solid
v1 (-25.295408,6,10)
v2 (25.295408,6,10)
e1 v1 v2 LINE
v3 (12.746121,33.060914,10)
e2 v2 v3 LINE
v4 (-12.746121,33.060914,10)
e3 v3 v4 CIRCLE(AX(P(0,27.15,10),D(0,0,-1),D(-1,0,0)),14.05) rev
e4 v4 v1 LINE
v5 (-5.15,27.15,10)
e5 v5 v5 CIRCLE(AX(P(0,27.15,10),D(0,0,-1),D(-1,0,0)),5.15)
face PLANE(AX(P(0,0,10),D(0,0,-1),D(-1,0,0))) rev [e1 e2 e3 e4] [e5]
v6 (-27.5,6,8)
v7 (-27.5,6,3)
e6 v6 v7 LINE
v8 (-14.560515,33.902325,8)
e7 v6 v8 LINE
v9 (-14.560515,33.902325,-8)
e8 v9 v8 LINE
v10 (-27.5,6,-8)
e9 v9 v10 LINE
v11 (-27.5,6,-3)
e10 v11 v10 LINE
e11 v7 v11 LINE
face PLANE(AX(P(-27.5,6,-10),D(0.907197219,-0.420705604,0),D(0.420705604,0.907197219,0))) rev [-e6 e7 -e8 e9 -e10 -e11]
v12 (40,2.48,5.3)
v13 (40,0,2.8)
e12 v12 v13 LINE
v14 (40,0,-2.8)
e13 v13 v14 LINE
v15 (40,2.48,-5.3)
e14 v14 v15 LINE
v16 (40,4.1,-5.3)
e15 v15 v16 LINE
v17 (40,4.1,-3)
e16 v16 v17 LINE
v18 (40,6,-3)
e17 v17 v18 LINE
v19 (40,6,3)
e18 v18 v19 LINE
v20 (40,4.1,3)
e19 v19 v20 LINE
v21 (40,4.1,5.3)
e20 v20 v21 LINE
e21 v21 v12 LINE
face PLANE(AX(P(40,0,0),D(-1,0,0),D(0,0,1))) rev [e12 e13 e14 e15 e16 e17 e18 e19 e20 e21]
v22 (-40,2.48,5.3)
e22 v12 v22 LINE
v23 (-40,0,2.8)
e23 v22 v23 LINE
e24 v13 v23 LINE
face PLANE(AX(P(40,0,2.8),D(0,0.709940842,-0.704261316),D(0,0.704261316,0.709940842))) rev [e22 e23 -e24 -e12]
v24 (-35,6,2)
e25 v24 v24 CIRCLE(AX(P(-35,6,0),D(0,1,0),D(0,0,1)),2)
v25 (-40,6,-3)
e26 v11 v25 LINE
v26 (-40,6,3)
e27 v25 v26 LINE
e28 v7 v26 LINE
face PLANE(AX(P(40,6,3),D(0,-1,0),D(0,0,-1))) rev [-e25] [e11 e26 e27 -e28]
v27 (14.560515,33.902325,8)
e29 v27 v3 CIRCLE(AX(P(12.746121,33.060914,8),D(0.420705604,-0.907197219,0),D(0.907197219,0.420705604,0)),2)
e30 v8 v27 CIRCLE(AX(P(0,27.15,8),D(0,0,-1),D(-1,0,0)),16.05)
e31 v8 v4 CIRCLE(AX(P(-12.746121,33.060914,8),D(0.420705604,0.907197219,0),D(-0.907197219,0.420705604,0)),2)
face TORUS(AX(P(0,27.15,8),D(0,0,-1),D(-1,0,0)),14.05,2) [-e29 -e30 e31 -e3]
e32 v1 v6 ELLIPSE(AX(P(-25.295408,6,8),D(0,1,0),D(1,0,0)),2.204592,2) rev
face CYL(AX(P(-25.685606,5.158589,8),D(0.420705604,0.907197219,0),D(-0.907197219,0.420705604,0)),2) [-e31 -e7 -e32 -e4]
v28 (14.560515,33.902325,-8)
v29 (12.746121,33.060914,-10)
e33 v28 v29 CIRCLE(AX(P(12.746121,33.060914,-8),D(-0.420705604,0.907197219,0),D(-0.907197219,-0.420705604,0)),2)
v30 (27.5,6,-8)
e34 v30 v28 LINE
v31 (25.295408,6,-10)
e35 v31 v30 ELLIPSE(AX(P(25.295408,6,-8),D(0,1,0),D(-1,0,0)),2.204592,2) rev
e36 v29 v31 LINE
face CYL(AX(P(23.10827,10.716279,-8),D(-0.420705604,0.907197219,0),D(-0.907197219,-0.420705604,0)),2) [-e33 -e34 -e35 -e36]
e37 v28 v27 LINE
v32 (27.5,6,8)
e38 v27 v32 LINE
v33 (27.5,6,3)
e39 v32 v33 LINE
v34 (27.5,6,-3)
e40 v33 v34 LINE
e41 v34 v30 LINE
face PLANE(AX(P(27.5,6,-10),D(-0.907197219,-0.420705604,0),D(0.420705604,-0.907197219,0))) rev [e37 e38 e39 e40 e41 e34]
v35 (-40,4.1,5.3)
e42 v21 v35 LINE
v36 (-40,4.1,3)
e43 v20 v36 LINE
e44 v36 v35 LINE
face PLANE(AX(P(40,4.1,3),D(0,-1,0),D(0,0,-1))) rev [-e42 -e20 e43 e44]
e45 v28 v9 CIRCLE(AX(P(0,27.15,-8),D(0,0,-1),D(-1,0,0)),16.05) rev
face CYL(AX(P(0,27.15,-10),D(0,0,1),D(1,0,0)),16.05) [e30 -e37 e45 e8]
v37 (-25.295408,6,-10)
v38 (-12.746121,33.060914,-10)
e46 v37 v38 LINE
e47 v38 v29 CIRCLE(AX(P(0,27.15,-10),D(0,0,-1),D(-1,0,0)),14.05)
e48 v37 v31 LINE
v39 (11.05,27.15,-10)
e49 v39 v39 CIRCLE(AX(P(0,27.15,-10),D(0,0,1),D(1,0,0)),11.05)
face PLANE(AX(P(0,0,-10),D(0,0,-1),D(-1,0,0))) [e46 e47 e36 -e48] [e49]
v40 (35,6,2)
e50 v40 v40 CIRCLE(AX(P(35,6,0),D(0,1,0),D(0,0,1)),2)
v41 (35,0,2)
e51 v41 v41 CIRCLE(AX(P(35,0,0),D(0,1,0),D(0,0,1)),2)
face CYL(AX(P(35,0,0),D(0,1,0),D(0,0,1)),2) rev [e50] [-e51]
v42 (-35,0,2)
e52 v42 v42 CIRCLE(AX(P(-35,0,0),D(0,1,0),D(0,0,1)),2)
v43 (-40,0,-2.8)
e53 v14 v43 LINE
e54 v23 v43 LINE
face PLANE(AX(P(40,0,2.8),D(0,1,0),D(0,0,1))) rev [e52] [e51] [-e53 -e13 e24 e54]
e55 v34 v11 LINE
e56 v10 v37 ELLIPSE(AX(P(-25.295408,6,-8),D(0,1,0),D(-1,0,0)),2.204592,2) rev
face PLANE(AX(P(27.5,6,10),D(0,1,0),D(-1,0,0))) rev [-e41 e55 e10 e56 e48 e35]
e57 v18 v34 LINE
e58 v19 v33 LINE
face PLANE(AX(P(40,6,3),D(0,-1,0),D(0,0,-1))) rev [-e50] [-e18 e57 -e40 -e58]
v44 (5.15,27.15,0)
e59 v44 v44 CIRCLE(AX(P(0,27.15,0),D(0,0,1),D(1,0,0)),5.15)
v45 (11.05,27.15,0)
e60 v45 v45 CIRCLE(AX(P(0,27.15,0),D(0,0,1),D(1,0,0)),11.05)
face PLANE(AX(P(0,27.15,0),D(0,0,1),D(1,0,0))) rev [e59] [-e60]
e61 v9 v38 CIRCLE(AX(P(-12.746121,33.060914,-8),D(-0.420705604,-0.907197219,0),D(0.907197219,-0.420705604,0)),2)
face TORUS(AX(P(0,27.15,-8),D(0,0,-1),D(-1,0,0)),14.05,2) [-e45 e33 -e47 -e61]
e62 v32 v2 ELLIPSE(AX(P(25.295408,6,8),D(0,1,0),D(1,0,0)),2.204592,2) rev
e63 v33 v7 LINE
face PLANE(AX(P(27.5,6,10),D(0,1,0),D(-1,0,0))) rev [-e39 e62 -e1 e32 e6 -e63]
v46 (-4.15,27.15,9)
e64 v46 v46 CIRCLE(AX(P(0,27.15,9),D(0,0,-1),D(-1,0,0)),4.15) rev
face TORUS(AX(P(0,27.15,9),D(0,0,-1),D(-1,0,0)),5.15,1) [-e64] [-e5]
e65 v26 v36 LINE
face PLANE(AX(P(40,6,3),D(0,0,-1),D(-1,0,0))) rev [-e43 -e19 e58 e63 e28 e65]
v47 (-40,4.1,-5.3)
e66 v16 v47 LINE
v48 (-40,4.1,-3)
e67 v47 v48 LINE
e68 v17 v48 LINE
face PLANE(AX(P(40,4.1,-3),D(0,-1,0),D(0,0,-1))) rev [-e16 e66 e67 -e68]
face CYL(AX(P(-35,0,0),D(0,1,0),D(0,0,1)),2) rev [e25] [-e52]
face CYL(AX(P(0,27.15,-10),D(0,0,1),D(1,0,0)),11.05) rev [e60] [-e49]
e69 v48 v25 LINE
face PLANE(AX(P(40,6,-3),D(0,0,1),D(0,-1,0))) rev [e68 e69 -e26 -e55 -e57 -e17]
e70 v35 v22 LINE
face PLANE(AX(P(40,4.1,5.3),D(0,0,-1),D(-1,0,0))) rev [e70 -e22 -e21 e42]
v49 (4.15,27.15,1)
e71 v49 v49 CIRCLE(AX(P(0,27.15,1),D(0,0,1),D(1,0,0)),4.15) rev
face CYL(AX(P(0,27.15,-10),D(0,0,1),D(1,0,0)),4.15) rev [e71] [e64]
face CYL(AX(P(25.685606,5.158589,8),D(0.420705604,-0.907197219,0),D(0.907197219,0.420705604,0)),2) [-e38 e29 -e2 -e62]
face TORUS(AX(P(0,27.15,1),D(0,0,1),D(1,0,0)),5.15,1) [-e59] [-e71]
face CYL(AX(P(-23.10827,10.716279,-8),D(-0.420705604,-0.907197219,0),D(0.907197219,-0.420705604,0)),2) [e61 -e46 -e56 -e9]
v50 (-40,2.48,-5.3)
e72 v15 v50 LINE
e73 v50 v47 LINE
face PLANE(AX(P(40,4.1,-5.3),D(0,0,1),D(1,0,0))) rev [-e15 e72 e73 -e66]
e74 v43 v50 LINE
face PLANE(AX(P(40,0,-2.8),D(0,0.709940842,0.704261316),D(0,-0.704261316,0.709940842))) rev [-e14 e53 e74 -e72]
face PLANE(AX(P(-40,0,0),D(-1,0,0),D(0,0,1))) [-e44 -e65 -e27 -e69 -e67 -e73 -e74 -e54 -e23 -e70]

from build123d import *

# Parameters (mm, degrees)
BOSS_EXTRUDE1_DEPTH     = 40
SKETCH2_W               = 55
SKETCH2_H               = 44
BOSS_EXTRUDE2_DEPTH     = 10
CUT_EXTRUDE2_DEPTH      = 65.807406984
CUT_EXTRUDE2_DEPTH_BACK = 65.807406984
SKETCH3_R               = 4.15
CUT_EXTRUDE3_DEPTH      = 65.807406984
CUT_EXTRUDE3_DEPTH_BACK = 65.807406984
SKETCH6_R               = 11.05
CUT_EXTRUDE4_DEPTH      = 60.718003985
FILLET1_R               = 2
FILLET2_R               = 1
SKETCH8_R               = 2
CUT_EXTRUDE5_DEPTH      = 56.532332924


with BuildPart() as part:
    # Sketch1 → Boss-Extrude1 (new, symmetric)
    with BuildSketch(Plane(origin=(0, 0, 0), x_dir=(0, 0, -1), z_dir=(1, 0, 0))):
        Polygon((-3, 6), (3, 6), (3, 4.1), (5.3, 4.1), (5.3, 2.48), (2.8, 0), (-2.8, 0), (-5.3, 2.48), (-5.3, 4.1), (-3, 4.1), align=None)
    extrude(amount=BOSS_EXTRUDE1_DEPTH, both=True)

    # Sketch2 → Boss-Extrude2 (add, symmetric)
    with BuildSketch(Plane.XY):
        with Locations((0, 28)):
            Rectangle(SKETCH2_W, SKETCH2_H)
    extrude(amount=BOSS_EXTRUDE2_DEPTH, both=True)

    # Sketch3 → Cut-Extrude2 (cut, two sides: drawn at the far end of the back side and taken through both)
    with BuildSketch(Plane.XY.offset(-CUT_EXTRUDE2_DEPTH_BACK)):
        with Locations((0, 27.15)):
            Circle(SKETCH3_R)
    extrude(amount=CUT_EXTRUDE2_DEPTH + CUT_EXTRUDE2_DEPTH_BACK, mode=Mode.SUBTRACT)

    # Sketch7 → Cut-Extrude3 (cut, two sides: drawn at the far end of the back side and taken through both)
    with BuildSketch(Plane.XY.offset(-CUT_EXTRUDE3_DEPTH_BACK)):
        with BuildLine():
            Line((27.5, 6), (14.560515369, 33.902324948))
            ThreePointArc((14.560515369, 33.902324948), (0, 43.2), (-14.560515369, 33.902324948))
            Line((-14.560515369, 33.902324948), (-27.5, 6))
            Line((-27.5, 6), (-40, 6))
            Line((-40, 6), (-40, 58.297822633))
            Line((-40, 58.297822633), (40, 58.297822633))
            Line((40, 58.297822633), (40, 6))
            Line((40, 6), (27.5, 6))
        make_face()
    extrude(amount=CUT_EXTRUDE3_DEPTH + CUT_EXTRUDE3_DEPTH_BACK, mode=Mode.SUBTRACT)

    # Sketch6 → Cut-Extrude4 (cut, through all)
    with BuildSketch(Plane.XY):
        with Locations((0, 27.15)):
            Circle(SKETCH6_R)
    extrude(amount=-CUT_EXTRUDE4_DEPTH, mode=Mode.SUBTRACT)

    # Fillet1
    fillet1_edges = [part.edges().sort_by_distance(p)[0] for p in [
        (21.030257684, 19.951162474, 10),
        (-21.030257684, 19.951162474, 10),
        (0, 43.2, 10),
        (21.030257684, 19.951162474, -10),
        (0, 43.2, -10),
        (-21.030257684, 19.951162474, -10),
    ]]
    fillet(fillet1_edges, radius=FILLET1_R)

    # Fillet2
    fillet2_edges = [part.edges().sort_by_distance(p)[0] for p in [
        (-4.15, 27.15, 10),
        (-4.15, 27.15, 0),
    ]]
    fillet(fillet2_edges, radius=FILLET2_R)

    # Sketch8 → Cut-Extrude5 (cut, through all)
    with BuildSketch(Plane(origin=(0, 6, 0), x_dir=(1, 0, 0), z_dir=(0, 1, 0))):
        with Locations(Location((35, 0, 0), (0, 0, 270))):
            Circle(SKETCH8_R)
        with Locations(Location((-35, 0, 0), (0, 0, 270))):
            Circle(SKETCH8_R)
    extrude(amount=-CUT_EXTRUDE5_DEPTH, mode=Mode.SUBTRACT)


solid = part.part
